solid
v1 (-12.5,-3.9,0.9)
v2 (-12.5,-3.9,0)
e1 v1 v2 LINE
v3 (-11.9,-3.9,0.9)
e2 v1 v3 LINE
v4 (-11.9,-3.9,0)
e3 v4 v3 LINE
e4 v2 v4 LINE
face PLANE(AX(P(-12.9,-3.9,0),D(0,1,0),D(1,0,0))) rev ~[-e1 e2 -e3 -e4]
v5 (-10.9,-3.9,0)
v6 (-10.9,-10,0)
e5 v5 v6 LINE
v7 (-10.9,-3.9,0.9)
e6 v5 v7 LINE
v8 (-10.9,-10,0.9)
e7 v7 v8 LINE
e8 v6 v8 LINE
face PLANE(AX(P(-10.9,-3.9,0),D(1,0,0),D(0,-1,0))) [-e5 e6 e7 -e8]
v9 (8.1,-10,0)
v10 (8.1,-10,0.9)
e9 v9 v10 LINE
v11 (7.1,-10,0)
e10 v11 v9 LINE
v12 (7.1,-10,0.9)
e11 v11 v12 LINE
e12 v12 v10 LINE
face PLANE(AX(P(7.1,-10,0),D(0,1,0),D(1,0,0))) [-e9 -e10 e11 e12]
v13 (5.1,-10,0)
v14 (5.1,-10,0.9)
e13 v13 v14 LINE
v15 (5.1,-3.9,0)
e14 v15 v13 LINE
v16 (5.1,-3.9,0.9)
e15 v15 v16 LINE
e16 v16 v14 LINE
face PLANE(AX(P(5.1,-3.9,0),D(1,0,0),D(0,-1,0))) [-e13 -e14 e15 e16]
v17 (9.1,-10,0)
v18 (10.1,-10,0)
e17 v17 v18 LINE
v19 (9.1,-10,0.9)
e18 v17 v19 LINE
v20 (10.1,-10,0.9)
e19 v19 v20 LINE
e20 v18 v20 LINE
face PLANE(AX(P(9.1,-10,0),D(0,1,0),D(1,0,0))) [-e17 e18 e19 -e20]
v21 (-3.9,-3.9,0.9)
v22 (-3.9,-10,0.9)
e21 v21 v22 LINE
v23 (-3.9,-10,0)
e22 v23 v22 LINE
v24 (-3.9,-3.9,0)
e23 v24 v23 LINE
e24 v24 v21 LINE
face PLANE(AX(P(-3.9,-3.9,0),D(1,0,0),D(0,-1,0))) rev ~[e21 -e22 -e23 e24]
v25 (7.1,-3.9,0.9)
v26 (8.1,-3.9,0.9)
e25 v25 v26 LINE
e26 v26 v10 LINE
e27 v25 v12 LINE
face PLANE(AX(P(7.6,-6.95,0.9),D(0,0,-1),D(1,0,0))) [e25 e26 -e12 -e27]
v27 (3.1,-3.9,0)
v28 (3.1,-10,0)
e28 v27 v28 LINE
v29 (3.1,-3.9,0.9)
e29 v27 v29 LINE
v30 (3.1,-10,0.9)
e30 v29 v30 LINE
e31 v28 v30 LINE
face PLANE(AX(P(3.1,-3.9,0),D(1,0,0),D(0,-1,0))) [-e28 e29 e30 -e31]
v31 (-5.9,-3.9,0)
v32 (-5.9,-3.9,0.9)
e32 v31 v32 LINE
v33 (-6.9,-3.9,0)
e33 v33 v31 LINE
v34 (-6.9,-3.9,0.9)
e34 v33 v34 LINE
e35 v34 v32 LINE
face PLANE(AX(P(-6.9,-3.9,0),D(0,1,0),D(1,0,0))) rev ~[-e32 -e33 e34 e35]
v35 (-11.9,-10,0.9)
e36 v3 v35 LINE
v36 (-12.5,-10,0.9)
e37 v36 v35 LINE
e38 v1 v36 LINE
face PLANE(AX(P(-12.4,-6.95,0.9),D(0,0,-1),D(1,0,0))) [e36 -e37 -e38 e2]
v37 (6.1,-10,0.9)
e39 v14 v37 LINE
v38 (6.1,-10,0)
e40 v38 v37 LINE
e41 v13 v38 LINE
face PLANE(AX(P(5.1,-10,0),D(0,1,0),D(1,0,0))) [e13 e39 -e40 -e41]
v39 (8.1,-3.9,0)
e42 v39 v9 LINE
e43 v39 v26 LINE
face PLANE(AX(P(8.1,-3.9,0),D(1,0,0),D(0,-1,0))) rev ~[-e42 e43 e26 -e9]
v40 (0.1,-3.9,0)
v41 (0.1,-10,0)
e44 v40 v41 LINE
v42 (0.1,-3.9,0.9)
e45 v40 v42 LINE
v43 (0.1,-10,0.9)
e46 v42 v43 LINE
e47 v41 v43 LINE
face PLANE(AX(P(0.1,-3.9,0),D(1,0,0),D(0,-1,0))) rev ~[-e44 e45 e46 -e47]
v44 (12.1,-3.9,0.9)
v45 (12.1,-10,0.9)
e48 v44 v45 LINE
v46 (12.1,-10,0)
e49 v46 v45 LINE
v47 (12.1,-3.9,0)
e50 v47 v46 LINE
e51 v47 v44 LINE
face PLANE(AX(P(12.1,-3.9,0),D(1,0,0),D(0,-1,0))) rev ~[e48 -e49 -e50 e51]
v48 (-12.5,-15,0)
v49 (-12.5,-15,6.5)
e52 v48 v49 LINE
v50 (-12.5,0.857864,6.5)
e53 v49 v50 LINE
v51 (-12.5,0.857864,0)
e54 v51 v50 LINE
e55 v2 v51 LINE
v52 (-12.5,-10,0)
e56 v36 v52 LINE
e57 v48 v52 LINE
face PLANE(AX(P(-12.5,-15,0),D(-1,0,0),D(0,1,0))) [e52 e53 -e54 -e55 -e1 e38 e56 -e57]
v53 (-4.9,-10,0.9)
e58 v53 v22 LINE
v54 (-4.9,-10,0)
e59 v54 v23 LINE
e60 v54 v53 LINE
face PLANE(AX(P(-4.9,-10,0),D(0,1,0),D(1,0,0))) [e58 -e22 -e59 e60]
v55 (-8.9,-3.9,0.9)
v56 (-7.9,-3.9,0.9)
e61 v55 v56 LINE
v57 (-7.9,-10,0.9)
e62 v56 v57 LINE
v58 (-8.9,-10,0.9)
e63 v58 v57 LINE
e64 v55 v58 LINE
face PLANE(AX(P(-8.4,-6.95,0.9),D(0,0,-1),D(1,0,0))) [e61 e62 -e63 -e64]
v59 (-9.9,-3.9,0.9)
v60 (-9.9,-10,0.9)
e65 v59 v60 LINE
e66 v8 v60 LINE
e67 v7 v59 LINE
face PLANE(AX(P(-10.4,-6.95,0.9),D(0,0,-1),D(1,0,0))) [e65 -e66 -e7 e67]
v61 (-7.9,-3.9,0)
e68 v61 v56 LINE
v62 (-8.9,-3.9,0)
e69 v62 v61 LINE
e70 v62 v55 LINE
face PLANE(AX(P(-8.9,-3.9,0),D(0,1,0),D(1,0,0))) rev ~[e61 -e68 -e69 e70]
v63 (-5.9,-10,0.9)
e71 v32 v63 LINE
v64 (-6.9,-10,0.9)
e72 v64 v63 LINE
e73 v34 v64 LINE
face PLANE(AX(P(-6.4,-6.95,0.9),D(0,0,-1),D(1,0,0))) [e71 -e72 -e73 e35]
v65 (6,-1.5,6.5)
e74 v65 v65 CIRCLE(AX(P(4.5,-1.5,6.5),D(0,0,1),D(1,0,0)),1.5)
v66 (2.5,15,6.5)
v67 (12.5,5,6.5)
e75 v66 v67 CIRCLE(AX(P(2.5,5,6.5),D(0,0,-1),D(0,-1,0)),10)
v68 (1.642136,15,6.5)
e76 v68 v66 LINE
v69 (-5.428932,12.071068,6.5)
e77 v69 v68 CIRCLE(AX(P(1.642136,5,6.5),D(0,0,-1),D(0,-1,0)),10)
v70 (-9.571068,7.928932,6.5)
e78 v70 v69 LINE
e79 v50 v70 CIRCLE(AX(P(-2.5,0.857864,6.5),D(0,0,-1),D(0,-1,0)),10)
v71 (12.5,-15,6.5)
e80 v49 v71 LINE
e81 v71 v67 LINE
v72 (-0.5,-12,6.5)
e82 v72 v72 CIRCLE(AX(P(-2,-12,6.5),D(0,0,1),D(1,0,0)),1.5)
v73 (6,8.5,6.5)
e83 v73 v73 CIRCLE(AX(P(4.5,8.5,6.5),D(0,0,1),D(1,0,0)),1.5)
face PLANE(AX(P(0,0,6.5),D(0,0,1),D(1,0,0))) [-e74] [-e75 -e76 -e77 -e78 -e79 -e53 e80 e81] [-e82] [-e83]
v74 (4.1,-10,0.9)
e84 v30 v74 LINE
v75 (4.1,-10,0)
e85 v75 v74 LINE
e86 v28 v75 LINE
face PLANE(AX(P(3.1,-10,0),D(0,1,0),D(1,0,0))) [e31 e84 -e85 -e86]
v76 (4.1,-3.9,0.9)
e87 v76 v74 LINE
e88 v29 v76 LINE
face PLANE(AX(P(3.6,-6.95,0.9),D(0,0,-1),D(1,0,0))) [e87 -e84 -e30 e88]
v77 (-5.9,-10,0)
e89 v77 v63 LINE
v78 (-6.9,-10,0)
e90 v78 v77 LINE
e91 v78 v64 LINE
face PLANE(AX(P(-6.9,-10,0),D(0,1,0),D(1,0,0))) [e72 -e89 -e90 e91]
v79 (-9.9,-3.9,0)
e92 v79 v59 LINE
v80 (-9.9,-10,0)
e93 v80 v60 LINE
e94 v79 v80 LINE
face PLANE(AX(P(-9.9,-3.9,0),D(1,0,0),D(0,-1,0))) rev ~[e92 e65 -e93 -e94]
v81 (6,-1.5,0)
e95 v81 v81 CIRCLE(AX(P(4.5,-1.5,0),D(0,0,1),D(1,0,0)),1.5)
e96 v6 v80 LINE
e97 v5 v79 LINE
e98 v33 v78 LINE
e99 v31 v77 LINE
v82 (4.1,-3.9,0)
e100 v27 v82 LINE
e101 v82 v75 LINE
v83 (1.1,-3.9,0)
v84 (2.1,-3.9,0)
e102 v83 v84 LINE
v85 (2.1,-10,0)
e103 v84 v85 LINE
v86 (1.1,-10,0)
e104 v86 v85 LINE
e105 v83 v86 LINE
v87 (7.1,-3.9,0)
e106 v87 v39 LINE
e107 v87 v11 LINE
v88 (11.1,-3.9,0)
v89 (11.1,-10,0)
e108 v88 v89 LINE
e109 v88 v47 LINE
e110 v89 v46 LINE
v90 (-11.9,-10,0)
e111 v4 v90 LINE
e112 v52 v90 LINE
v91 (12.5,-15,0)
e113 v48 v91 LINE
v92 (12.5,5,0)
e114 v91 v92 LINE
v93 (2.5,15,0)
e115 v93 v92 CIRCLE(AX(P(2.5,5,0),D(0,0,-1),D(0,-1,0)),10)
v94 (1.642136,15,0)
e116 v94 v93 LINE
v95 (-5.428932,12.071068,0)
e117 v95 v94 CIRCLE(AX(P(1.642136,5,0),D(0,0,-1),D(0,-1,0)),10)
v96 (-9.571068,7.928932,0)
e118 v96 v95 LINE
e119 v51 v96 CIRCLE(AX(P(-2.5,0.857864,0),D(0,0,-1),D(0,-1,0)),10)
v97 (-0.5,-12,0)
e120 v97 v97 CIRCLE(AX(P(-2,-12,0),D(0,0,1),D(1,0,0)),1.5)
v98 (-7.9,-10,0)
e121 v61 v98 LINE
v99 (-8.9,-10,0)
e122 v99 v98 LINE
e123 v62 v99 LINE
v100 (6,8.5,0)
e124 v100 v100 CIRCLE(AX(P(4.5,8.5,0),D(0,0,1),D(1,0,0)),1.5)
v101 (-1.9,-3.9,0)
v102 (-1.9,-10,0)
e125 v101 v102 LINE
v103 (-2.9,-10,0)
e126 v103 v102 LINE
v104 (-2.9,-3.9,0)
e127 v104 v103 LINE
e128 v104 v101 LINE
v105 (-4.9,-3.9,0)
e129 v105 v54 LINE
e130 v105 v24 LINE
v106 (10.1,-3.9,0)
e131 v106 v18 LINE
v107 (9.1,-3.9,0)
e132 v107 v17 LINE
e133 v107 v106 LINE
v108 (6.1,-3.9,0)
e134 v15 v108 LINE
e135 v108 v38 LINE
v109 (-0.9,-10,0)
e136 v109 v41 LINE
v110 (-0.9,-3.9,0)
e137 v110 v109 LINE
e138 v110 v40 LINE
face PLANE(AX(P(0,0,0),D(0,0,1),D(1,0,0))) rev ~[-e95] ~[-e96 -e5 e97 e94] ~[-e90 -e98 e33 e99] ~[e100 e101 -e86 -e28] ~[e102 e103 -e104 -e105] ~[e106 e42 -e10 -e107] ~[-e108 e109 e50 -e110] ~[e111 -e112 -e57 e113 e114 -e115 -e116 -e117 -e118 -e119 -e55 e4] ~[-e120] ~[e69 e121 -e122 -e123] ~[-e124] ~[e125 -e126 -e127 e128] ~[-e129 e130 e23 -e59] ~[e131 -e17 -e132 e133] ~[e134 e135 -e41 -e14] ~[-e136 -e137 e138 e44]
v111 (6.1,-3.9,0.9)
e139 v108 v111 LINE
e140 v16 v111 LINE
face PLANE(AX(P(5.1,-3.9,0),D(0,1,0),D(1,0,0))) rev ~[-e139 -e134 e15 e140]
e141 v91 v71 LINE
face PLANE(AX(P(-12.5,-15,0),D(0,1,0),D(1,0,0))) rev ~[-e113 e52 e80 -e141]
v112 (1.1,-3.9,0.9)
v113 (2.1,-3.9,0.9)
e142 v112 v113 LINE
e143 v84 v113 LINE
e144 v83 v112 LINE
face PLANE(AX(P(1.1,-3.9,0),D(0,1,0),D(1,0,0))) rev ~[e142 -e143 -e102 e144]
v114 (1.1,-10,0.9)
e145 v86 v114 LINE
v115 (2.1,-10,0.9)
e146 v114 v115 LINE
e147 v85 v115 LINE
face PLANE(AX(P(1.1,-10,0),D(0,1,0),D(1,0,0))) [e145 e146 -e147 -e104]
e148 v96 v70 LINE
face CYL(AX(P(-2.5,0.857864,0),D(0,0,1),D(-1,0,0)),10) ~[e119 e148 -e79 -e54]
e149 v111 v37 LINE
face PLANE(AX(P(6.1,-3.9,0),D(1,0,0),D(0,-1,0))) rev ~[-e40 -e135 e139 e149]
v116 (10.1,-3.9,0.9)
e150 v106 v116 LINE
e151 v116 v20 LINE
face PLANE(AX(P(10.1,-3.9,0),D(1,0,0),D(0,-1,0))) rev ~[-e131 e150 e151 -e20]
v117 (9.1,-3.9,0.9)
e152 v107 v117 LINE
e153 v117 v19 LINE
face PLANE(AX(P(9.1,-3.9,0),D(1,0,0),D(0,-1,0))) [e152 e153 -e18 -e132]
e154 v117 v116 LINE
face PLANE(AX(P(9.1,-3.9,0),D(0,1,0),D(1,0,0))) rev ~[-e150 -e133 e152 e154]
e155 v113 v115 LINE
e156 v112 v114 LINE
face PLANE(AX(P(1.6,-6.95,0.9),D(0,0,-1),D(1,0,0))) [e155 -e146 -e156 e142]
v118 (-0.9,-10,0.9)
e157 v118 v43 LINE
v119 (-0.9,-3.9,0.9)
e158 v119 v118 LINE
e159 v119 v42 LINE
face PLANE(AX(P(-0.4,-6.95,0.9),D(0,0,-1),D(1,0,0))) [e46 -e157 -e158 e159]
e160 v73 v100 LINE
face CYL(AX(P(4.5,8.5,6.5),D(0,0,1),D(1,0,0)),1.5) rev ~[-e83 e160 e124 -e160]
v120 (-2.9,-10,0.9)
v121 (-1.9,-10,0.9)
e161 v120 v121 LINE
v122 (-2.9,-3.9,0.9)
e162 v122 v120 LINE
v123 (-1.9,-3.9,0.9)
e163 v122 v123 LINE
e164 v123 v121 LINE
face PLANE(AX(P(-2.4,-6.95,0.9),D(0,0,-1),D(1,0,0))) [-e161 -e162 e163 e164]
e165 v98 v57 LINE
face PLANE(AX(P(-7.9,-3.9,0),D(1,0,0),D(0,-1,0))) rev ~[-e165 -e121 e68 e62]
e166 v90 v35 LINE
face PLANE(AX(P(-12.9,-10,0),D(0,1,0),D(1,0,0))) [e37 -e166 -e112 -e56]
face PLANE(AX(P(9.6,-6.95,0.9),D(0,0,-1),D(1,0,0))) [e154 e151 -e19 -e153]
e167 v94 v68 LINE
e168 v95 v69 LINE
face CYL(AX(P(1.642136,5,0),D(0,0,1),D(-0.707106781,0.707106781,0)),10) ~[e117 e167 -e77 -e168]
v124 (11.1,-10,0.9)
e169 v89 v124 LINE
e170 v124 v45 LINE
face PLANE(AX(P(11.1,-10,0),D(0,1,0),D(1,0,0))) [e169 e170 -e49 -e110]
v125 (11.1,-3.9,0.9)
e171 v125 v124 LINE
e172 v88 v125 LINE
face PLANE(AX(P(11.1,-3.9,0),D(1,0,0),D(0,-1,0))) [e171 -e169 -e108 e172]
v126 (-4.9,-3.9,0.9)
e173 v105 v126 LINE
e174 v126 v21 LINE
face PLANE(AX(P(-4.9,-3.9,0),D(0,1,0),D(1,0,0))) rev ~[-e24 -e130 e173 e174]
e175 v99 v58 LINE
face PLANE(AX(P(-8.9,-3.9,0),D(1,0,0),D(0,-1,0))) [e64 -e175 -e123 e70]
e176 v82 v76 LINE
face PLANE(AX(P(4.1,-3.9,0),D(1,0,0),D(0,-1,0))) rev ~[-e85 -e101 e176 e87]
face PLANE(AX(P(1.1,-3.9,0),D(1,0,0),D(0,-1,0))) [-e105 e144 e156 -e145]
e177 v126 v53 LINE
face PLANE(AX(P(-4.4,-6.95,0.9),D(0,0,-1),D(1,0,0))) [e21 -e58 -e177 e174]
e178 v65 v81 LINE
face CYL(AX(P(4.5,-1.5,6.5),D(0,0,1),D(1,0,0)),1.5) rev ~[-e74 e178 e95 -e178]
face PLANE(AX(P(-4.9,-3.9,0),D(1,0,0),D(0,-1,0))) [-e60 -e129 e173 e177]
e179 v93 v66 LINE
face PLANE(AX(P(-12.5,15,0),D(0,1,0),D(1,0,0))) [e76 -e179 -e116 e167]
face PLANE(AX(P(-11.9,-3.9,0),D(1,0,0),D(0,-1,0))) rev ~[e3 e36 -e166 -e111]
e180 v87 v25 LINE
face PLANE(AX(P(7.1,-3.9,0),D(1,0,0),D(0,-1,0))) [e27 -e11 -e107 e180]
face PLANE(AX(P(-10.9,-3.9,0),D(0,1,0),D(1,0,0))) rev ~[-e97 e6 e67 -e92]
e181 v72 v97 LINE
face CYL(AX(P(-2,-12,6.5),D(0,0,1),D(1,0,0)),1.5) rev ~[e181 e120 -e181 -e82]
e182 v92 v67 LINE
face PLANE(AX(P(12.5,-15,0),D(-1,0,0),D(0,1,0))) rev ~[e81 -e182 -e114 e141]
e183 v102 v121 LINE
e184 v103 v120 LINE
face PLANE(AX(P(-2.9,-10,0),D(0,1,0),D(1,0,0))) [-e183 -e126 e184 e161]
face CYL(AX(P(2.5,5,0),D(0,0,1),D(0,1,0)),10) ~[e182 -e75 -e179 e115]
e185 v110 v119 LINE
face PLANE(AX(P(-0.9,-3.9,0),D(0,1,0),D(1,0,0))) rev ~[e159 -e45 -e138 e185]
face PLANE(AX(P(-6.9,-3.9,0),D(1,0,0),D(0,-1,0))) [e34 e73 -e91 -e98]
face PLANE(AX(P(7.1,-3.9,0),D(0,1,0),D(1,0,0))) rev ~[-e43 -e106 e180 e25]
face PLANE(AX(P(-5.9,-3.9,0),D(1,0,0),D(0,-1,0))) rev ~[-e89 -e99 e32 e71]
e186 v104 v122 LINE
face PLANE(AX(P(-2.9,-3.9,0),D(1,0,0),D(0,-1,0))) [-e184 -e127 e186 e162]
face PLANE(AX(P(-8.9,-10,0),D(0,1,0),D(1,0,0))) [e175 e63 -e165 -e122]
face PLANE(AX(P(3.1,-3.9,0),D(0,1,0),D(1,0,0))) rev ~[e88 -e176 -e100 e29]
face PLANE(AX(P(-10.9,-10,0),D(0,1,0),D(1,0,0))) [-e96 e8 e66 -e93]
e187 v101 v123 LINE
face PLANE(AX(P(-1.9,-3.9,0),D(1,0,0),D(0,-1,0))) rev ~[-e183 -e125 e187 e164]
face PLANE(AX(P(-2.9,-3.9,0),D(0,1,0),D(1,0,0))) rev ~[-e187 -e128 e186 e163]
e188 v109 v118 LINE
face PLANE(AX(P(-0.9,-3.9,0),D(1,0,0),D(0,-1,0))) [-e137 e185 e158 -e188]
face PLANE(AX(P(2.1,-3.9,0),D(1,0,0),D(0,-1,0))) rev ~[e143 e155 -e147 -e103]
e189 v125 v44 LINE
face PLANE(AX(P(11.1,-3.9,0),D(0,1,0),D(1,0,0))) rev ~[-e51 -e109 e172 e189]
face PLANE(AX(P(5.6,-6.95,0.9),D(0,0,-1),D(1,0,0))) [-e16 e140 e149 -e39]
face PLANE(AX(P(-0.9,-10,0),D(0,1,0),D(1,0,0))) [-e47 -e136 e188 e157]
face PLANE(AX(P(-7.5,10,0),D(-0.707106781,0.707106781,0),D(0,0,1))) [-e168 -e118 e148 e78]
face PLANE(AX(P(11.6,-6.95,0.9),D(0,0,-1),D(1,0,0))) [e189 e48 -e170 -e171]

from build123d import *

# Parameters (mm, degrees)
F0_W     = 25
F0_H     = 30
F1_DEPTH = 6.5
F2_R     = 1.5
F3_DEPTH = 6.501
F4_W     = 1
F4_H     = 6.1
F5_DEPTH = 0.9
F6_SIZE  = 10
F7_R     = 10


with BuildPart() as f1:
    # F0 (on Top) → F1 (new body)
    with BuildSketch(Plane.XY):
        Rectangle(F0_W, F0_H)
    extrude(amount=F1_DEPTH)

    # F2 (on face) → F3 (cut, through all)
    with BuildSketch(Plane.XY.offset(6.5)):
        with Locations((-2, -12)):
            Circle(F2_R)
        with Locations((4.5, -1.5)):
            Circle(F2_R)
        with Locations((4.5, 8.5)):
            Circle(F2_R)
    extrude(amount=-F3_DEPTH, mode=Mode.SUBTRACT)

    # F4 (on face) → F5 (cut)
    with BuildSketch(Plane(origin=(0, 0, 0), x_dir=(1, 0, 0), z_dir=(0, 0, -1))):
        with Locations((11.6, 6.95)):
            Rectangle(F4_W, F4_H)
        with Locations((9.6, 6.95)):
            Rectangle(F4_W, F4_H)
        with Locations((7.6, 6.95)):
            Rectangle(F4_W, F4_H)
        with Locations((5.6, 6.95)):
            Rectangle(F4_W, F4_H)
        with Locations((3.6, 6.95)):
            Rectangle(F4_W, F4_H)
        with Locations((1.6, 6.95)):
            Rectangle(F4_W, F4_H)
        with Locations((-0.4, 6.95)):
            Rectangle(F4_W, F4_H)
        with Locations((-2.4, 6.95)):
            Rectangle(F4_W, F4_H)
        with Locations((-4.4, 6.95)):
            Rectangle(F4_W, F4_H)
        with Locations((-6.4, 6.95)):
            Rectangle(F4_W, F4_H)
        with Locations((-8.4, 6.95)):
            Rectangle(F4_W, F4_H)
        with Locations((-10.4, 6.95)):
            Rectangle(F4_W, F4_H)
        with Locations((-12.4, 6.95)):
            Rectangle(F4_W, F4_H)
    extrude(amount=-F5_DEPTH, mode=Mode.SUBTRACT)

    # F6
    f6_edges = [f1.edges().sort_by_distance(p)[0] for p in [
        (-12.5, 15, 3.25),
    ]]
    chamfer(f6_edges, length=F6_SIZE)

    # F7
    f7_edges = [f1.edges().sort_by_distance(p)[0] for p in [
        (-12.5, 5, 3.25),
        (-2.5, 15, 3.25),
        (12.5, 15, 3.25),
    ]]
    fillet(f7_edges, radius=F7_R)


solid = f1.part
